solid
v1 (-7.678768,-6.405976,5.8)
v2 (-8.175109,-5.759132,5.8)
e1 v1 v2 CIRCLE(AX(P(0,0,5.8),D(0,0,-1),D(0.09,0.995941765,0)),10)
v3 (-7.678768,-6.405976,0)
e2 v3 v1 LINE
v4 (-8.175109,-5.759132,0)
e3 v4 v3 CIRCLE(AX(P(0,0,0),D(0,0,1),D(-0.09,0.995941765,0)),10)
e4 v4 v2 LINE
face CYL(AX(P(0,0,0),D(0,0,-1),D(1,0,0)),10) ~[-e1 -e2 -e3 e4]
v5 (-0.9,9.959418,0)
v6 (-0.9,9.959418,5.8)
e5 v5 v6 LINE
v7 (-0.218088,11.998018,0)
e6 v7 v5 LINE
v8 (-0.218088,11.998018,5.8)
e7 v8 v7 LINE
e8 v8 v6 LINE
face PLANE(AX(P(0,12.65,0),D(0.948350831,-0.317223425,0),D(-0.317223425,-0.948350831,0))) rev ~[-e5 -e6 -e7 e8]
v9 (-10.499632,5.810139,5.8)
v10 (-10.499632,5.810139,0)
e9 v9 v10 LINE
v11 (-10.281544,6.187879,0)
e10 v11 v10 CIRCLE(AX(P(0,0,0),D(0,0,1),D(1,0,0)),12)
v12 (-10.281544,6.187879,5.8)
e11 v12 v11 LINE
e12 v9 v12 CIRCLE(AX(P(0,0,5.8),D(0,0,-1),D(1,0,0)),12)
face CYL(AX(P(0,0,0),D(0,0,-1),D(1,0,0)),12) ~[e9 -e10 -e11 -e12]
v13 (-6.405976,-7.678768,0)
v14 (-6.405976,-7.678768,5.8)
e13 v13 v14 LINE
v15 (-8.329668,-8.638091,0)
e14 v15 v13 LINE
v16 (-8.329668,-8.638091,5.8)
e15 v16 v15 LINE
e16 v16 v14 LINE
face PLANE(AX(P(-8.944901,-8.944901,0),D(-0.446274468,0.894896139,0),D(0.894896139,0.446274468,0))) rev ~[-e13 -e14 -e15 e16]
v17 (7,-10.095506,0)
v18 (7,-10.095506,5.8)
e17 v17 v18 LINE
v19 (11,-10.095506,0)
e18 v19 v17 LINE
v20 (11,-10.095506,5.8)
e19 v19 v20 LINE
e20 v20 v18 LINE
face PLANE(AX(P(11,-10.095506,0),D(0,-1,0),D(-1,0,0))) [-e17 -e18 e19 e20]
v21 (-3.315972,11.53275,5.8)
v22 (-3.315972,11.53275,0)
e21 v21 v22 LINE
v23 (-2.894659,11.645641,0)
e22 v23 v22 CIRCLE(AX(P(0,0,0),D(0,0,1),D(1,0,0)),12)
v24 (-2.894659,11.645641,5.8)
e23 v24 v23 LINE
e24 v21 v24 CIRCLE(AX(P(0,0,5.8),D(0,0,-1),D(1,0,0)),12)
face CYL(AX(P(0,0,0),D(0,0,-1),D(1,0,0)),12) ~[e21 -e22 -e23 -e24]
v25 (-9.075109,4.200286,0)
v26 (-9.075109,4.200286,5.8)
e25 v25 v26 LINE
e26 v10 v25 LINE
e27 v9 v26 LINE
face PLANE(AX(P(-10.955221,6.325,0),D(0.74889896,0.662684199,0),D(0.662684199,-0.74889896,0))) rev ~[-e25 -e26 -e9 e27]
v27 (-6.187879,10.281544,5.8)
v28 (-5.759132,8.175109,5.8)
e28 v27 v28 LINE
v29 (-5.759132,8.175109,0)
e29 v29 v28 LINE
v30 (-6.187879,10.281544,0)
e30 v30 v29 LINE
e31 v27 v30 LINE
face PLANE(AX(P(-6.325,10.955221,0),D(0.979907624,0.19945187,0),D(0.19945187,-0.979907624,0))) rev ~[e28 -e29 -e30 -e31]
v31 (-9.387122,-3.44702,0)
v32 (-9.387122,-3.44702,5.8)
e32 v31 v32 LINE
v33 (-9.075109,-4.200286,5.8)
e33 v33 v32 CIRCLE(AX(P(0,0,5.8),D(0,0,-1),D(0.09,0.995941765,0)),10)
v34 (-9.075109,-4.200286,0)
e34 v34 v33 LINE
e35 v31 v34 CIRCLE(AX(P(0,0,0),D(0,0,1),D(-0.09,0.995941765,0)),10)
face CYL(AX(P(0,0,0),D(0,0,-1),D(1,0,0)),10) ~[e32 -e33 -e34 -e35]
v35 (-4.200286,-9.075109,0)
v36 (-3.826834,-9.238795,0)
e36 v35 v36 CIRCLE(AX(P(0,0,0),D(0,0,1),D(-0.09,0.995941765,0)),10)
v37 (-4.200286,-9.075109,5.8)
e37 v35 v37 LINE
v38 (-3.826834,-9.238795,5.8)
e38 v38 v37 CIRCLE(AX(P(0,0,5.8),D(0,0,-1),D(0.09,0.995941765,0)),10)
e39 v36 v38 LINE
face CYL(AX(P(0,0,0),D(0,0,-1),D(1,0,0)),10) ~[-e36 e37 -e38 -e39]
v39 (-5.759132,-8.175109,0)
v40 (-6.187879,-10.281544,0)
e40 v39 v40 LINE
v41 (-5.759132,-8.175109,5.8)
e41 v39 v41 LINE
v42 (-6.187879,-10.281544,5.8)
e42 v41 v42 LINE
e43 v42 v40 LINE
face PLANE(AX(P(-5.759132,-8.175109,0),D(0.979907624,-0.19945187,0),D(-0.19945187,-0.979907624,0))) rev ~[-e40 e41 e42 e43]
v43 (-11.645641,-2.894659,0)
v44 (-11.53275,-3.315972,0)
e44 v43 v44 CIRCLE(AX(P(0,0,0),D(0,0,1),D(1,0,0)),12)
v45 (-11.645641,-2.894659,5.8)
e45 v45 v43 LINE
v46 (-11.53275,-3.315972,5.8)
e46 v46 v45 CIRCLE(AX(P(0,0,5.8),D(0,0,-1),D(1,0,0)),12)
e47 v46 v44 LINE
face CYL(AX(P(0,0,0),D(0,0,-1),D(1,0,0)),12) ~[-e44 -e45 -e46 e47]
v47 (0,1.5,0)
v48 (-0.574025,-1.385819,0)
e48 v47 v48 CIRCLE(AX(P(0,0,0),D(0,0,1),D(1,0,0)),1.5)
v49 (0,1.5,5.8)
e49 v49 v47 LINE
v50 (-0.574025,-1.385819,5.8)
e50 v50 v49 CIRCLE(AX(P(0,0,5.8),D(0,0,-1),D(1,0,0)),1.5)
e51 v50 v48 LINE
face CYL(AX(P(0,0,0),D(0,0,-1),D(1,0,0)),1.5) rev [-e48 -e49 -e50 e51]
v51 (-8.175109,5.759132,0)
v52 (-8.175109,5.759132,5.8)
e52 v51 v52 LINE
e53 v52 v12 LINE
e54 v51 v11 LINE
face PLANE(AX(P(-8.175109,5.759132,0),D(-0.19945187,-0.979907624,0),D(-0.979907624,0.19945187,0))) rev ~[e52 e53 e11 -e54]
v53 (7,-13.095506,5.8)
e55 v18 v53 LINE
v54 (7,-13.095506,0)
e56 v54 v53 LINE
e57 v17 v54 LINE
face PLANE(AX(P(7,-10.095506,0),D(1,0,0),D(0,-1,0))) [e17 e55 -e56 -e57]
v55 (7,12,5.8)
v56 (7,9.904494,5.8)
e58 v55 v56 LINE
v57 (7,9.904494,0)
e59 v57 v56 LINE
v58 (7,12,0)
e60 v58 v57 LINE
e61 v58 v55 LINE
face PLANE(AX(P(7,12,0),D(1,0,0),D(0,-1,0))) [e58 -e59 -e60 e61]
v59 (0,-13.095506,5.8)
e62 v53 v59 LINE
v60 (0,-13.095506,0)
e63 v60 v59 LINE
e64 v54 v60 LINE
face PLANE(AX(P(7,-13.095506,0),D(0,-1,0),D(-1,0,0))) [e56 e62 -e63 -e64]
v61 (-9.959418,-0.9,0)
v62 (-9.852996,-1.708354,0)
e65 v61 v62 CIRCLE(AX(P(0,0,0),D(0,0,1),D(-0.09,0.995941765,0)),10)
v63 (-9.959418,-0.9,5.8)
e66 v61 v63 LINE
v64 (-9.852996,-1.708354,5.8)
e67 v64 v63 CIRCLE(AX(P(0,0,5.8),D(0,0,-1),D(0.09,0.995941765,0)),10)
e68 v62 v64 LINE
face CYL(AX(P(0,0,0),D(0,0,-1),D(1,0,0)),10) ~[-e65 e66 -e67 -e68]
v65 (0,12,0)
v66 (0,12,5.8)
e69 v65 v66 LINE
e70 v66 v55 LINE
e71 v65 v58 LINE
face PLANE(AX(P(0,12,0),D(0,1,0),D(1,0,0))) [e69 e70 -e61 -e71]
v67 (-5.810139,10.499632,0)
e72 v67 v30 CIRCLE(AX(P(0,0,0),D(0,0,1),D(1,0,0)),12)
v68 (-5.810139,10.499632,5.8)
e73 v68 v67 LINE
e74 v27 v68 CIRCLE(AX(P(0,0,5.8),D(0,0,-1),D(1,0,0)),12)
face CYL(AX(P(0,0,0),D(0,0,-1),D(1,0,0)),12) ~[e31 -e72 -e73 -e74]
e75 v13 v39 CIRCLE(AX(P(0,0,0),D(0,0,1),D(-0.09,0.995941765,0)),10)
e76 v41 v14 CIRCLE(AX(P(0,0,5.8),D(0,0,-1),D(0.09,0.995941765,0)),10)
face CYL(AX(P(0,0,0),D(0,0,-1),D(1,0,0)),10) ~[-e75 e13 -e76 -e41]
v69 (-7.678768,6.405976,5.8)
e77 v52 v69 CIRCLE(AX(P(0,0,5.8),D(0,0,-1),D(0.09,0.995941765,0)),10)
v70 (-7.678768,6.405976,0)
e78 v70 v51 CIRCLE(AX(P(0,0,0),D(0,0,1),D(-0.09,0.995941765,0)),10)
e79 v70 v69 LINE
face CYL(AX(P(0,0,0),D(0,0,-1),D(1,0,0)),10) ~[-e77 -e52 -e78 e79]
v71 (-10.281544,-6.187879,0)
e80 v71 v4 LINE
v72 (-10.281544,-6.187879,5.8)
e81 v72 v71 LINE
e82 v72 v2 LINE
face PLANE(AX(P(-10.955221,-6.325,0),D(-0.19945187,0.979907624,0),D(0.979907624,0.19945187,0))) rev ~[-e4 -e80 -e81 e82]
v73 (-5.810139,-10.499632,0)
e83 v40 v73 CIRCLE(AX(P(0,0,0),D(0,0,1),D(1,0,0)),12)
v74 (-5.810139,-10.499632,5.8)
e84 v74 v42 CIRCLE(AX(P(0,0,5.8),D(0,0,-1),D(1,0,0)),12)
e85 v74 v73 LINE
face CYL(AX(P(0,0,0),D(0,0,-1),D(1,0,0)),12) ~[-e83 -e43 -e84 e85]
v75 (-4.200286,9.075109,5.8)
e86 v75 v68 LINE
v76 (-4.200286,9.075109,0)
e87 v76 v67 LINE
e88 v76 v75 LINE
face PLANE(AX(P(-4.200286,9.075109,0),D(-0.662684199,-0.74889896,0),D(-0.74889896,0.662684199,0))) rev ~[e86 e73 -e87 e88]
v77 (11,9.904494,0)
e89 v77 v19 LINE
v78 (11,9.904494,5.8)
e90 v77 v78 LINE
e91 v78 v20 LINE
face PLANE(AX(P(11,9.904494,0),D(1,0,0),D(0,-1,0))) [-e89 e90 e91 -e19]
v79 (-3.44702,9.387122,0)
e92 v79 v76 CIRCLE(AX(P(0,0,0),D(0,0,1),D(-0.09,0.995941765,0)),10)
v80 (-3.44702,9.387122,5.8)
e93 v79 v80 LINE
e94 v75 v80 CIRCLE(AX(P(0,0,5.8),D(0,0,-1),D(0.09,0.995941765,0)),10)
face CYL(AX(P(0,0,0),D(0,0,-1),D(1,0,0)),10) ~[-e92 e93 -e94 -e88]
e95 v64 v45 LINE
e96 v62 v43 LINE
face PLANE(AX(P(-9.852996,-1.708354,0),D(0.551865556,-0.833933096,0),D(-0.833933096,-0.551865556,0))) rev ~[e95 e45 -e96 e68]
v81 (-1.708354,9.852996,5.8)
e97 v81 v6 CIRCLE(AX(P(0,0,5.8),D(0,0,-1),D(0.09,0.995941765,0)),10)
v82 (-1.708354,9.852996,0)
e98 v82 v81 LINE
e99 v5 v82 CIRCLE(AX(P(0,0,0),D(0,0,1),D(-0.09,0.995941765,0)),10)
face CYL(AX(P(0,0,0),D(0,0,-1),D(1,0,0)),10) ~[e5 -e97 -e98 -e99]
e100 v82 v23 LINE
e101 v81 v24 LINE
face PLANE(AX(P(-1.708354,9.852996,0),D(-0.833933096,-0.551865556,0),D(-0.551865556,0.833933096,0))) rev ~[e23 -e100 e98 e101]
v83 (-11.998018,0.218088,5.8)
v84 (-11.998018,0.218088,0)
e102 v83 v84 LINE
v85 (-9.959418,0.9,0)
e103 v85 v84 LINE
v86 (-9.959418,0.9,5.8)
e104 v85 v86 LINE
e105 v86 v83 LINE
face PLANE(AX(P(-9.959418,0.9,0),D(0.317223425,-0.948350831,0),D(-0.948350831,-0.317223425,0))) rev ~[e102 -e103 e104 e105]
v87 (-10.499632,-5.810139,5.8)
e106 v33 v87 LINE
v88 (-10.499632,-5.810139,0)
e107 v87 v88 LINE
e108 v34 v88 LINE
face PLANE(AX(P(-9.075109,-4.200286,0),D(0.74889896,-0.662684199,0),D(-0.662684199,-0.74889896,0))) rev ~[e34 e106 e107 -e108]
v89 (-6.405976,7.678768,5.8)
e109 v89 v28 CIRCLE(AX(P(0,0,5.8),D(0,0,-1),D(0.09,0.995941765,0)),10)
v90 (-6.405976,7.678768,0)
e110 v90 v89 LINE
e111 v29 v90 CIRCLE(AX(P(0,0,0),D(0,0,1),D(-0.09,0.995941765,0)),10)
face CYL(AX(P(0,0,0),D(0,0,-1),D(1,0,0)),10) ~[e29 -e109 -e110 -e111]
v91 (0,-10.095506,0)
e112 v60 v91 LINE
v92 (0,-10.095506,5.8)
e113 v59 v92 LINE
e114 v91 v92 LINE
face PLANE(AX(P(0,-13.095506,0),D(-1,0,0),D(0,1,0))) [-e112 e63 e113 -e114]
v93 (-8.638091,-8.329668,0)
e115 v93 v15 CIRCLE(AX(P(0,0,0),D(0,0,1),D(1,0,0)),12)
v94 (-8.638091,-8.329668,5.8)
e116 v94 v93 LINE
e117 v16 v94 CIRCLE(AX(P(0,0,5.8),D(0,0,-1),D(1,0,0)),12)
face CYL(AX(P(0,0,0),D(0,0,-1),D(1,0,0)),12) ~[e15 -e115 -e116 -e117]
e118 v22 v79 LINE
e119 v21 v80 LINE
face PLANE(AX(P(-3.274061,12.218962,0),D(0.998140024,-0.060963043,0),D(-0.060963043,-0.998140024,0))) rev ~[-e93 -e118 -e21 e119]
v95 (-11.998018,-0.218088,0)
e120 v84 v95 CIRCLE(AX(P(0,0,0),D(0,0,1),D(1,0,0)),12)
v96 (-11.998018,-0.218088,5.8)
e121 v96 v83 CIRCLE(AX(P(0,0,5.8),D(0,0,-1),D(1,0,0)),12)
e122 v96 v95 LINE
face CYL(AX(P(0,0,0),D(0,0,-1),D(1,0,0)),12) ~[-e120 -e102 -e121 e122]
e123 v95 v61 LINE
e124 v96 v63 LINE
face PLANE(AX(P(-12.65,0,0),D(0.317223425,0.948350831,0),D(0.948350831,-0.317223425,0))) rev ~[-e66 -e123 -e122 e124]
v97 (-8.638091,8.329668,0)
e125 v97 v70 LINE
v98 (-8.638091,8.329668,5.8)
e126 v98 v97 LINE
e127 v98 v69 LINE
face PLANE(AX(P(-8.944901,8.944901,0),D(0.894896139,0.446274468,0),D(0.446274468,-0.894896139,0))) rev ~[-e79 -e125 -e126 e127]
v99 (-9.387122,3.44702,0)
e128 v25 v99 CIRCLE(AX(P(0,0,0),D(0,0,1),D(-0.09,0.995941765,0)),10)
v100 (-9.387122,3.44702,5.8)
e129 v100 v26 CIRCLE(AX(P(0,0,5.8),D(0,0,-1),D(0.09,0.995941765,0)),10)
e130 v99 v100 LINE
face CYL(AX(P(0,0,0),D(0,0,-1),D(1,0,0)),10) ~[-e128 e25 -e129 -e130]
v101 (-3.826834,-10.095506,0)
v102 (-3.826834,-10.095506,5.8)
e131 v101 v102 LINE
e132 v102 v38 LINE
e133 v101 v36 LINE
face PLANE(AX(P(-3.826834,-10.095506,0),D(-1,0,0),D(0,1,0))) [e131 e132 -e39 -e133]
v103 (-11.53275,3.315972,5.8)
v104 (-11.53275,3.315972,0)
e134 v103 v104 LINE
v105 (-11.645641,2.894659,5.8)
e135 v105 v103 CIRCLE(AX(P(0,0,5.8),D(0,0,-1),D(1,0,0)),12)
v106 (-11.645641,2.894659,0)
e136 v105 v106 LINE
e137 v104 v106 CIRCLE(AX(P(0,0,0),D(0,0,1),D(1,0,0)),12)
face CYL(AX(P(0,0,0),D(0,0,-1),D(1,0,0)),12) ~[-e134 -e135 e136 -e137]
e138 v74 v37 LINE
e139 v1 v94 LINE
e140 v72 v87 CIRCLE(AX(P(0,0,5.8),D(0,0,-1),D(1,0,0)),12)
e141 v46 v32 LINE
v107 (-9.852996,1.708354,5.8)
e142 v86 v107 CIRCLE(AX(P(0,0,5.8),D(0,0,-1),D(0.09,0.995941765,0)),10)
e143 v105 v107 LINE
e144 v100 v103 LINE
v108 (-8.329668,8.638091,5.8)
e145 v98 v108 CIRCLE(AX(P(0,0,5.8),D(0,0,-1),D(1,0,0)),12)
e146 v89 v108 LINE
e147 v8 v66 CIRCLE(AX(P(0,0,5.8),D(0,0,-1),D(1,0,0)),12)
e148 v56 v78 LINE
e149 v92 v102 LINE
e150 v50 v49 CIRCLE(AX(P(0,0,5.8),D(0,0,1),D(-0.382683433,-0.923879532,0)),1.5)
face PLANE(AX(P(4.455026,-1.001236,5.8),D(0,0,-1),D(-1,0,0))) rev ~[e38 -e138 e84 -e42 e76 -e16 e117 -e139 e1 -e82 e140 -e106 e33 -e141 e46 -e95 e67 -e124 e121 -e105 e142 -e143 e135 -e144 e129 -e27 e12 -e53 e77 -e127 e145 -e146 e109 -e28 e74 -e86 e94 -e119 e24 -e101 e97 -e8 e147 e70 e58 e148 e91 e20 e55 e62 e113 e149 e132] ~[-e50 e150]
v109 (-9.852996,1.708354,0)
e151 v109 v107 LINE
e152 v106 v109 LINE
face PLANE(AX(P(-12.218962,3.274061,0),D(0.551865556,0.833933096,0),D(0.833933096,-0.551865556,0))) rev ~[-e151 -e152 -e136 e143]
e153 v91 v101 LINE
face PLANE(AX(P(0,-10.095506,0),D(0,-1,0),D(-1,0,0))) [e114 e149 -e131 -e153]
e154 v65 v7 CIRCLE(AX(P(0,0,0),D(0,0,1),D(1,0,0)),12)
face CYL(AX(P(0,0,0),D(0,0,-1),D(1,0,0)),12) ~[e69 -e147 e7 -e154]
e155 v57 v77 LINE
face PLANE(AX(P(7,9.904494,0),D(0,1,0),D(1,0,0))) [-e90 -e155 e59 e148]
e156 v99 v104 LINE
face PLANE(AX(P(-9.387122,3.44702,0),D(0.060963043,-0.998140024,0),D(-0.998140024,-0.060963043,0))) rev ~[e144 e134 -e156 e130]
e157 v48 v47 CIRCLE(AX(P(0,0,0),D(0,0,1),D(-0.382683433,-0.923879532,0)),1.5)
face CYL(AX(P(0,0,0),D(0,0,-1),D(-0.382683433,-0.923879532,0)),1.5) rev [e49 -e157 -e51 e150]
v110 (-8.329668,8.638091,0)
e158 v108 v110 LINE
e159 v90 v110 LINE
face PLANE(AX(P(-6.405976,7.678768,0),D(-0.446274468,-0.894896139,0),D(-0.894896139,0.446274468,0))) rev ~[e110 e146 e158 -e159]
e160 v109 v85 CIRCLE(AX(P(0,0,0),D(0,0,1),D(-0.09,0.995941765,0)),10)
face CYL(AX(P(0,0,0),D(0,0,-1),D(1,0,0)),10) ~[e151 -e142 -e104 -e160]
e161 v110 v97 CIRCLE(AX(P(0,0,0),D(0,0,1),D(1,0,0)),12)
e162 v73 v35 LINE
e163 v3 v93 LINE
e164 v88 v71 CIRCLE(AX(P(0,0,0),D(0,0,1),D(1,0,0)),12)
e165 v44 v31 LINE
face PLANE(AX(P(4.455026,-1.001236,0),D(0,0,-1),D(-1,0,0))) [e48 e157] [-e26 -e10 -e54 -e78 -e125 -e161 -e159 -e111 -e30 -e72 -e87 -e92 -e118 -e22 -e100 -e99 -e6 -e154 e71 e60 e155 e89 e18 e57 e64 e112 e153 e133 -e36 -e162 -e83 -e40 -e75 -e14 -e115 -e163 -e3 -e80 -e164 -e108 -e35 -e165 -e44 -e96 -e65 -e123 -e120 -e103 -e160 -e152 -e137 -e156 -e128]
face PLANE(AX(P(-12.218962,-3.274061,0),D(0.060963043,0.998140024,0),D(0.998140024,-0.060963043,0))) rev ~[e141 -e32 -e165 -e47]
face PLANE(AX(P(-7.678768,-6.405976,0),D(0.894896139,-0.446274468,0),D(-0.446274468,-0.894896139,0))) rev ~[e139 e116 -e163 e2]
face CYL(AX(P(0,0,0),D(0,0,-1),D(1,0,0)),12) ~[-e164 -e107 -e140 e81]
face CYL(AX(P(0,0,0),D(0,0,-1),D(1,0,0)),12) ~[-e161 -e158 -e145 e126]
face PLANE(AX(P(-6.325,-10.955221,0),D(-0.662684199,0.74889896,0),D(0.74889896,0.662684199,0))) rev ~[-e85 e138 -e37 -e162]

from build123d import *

# Parameters (mm, degrees)
SKETCH1_R           = 10
BOSS_EXTRUDE1_DEPTH = 5.8
BOSS_EXTRUDE2_DEPTH = 5.8
CIRPATTERN1_COUNT   = 24
SKETCH3_R           = 12.65
SKETCH3_R_2         = 12
CUT_EXTRUDE1_DEPTH  = 6
CUT_EXTRUDE2_DEPTH  = 6
SKETCH5_R           = 1.5
CUT_EXTRUDE3_DEPTH  = 6
BOSS_EXTRUDE3_DEPTH = 5.8


with BuildPart() as part:
    # Sketch1 → Boss-Extrude1 (new body)
    with BuildSketch(Plane.XY):
        Circle(SKETCH1_R)
    extrude(amount=BOSS_EXTRUDE1_DEPTH)

    # Sketch2 → Boss-Extrude2 (add)
    with BuildSketch(Plane.XY):
        with BuildLine():
            Line((0, 12.65), (-0.9, 9.959417654))
            ThreePointArc((-0.9, 9.959417654), (0, 10), (0.9, 9.959417654))
            Line((0.9, 9.959417654), (0, 12.65))
        make_face()
    boss_extrude2 = extrude(amount=BOSS_EXTRUDE2_DEPTH)

    # CirPattern1: Boss-Extrude2 ×24 about axis
    cirpattern1_axis = Axis((0, 0, 0), (0, 0, 1))
    for i in range(1, CIRPATTERN1_COUNT):
        add(boss_extrude2.rotate(cirpattern1_axis, i * 360 / CIRPATTERN1_COUNT))

    # Sketch3 → Cut-Extrude1 (cut)
    with BuildSketch(Plane.XY):
        Circle(SKETCH3_R)
        Circle(SKETCH3_R_2, mode=Mode.SUBTRACT)
    extrude(amount=CUT_EXTRUDE1_DEPTH, mode=Mode.SUBTRACT)

    # Sketch4 → Cut-Extrude2 (cut)
    with BuildSketch(Plane.XY):
        with BuildLine():
            Line((0, 0), (0, 12))
            ThreePointArc((0, 12), (11.769423365, -2.341083864), (-4.592201188, -11.08655439))
            Line((-4.592201188, -11.08655439), (-3.826834324, -9.238795325))
            Line((-3.826834324, -9.238795325), (0, 0))
        make_face()
    extrude(amount=CUT_EXTRUDE2_DEPTH, mode=Mode.SUBTRACT)

    # Sketch5 → Cut-Extrude3 (cut)
    with BuildSketch(Plane.XY):
        Circle(SKETCH5_R)
    extrude(amount=CUT_EXTRUDE3_DEPTH, mode=Mode.SUBTRACT)

    # Sketch6 → Boss-Extrude3 (add)
    with BuildSketch(Plane.XY):
        with BuildLine():
            Line((0, 1.5), (0, 12))
            Line((0, 12), (7, 12))
            Line((7, 12), (7, 9.904493766))
            Line((7, 9.904493766), (11, 9.904493766))
            Line((11, 9.904493766), (11, -10.095506234))
            Line((11, -10.095506234), (7, -10.095506234))
            Line((7, -10.095506234), (7, -13.095506234))
            Line((7, -13.095506234), (0, -13.095506234))
            Line((0, -13.095506234), (0, -10.095506234))
            Line((0, -10.095506234), (-3.826834324, -10.095506234))
            Line((-3.826834324, -10.095506234), (-3.826834324, -9.238795325))
            Line((-3.826834324, -9.238795325), (-0.574025149, -1.385819299))
            ThreePointArc((-0.574025149, -1.385819299), (1.471177921, -0.292635483), (0, 1.5))
        make_face()
    extrude(amount=BOSS_EXTRUDE3_DEPTH)


solid = part.part
